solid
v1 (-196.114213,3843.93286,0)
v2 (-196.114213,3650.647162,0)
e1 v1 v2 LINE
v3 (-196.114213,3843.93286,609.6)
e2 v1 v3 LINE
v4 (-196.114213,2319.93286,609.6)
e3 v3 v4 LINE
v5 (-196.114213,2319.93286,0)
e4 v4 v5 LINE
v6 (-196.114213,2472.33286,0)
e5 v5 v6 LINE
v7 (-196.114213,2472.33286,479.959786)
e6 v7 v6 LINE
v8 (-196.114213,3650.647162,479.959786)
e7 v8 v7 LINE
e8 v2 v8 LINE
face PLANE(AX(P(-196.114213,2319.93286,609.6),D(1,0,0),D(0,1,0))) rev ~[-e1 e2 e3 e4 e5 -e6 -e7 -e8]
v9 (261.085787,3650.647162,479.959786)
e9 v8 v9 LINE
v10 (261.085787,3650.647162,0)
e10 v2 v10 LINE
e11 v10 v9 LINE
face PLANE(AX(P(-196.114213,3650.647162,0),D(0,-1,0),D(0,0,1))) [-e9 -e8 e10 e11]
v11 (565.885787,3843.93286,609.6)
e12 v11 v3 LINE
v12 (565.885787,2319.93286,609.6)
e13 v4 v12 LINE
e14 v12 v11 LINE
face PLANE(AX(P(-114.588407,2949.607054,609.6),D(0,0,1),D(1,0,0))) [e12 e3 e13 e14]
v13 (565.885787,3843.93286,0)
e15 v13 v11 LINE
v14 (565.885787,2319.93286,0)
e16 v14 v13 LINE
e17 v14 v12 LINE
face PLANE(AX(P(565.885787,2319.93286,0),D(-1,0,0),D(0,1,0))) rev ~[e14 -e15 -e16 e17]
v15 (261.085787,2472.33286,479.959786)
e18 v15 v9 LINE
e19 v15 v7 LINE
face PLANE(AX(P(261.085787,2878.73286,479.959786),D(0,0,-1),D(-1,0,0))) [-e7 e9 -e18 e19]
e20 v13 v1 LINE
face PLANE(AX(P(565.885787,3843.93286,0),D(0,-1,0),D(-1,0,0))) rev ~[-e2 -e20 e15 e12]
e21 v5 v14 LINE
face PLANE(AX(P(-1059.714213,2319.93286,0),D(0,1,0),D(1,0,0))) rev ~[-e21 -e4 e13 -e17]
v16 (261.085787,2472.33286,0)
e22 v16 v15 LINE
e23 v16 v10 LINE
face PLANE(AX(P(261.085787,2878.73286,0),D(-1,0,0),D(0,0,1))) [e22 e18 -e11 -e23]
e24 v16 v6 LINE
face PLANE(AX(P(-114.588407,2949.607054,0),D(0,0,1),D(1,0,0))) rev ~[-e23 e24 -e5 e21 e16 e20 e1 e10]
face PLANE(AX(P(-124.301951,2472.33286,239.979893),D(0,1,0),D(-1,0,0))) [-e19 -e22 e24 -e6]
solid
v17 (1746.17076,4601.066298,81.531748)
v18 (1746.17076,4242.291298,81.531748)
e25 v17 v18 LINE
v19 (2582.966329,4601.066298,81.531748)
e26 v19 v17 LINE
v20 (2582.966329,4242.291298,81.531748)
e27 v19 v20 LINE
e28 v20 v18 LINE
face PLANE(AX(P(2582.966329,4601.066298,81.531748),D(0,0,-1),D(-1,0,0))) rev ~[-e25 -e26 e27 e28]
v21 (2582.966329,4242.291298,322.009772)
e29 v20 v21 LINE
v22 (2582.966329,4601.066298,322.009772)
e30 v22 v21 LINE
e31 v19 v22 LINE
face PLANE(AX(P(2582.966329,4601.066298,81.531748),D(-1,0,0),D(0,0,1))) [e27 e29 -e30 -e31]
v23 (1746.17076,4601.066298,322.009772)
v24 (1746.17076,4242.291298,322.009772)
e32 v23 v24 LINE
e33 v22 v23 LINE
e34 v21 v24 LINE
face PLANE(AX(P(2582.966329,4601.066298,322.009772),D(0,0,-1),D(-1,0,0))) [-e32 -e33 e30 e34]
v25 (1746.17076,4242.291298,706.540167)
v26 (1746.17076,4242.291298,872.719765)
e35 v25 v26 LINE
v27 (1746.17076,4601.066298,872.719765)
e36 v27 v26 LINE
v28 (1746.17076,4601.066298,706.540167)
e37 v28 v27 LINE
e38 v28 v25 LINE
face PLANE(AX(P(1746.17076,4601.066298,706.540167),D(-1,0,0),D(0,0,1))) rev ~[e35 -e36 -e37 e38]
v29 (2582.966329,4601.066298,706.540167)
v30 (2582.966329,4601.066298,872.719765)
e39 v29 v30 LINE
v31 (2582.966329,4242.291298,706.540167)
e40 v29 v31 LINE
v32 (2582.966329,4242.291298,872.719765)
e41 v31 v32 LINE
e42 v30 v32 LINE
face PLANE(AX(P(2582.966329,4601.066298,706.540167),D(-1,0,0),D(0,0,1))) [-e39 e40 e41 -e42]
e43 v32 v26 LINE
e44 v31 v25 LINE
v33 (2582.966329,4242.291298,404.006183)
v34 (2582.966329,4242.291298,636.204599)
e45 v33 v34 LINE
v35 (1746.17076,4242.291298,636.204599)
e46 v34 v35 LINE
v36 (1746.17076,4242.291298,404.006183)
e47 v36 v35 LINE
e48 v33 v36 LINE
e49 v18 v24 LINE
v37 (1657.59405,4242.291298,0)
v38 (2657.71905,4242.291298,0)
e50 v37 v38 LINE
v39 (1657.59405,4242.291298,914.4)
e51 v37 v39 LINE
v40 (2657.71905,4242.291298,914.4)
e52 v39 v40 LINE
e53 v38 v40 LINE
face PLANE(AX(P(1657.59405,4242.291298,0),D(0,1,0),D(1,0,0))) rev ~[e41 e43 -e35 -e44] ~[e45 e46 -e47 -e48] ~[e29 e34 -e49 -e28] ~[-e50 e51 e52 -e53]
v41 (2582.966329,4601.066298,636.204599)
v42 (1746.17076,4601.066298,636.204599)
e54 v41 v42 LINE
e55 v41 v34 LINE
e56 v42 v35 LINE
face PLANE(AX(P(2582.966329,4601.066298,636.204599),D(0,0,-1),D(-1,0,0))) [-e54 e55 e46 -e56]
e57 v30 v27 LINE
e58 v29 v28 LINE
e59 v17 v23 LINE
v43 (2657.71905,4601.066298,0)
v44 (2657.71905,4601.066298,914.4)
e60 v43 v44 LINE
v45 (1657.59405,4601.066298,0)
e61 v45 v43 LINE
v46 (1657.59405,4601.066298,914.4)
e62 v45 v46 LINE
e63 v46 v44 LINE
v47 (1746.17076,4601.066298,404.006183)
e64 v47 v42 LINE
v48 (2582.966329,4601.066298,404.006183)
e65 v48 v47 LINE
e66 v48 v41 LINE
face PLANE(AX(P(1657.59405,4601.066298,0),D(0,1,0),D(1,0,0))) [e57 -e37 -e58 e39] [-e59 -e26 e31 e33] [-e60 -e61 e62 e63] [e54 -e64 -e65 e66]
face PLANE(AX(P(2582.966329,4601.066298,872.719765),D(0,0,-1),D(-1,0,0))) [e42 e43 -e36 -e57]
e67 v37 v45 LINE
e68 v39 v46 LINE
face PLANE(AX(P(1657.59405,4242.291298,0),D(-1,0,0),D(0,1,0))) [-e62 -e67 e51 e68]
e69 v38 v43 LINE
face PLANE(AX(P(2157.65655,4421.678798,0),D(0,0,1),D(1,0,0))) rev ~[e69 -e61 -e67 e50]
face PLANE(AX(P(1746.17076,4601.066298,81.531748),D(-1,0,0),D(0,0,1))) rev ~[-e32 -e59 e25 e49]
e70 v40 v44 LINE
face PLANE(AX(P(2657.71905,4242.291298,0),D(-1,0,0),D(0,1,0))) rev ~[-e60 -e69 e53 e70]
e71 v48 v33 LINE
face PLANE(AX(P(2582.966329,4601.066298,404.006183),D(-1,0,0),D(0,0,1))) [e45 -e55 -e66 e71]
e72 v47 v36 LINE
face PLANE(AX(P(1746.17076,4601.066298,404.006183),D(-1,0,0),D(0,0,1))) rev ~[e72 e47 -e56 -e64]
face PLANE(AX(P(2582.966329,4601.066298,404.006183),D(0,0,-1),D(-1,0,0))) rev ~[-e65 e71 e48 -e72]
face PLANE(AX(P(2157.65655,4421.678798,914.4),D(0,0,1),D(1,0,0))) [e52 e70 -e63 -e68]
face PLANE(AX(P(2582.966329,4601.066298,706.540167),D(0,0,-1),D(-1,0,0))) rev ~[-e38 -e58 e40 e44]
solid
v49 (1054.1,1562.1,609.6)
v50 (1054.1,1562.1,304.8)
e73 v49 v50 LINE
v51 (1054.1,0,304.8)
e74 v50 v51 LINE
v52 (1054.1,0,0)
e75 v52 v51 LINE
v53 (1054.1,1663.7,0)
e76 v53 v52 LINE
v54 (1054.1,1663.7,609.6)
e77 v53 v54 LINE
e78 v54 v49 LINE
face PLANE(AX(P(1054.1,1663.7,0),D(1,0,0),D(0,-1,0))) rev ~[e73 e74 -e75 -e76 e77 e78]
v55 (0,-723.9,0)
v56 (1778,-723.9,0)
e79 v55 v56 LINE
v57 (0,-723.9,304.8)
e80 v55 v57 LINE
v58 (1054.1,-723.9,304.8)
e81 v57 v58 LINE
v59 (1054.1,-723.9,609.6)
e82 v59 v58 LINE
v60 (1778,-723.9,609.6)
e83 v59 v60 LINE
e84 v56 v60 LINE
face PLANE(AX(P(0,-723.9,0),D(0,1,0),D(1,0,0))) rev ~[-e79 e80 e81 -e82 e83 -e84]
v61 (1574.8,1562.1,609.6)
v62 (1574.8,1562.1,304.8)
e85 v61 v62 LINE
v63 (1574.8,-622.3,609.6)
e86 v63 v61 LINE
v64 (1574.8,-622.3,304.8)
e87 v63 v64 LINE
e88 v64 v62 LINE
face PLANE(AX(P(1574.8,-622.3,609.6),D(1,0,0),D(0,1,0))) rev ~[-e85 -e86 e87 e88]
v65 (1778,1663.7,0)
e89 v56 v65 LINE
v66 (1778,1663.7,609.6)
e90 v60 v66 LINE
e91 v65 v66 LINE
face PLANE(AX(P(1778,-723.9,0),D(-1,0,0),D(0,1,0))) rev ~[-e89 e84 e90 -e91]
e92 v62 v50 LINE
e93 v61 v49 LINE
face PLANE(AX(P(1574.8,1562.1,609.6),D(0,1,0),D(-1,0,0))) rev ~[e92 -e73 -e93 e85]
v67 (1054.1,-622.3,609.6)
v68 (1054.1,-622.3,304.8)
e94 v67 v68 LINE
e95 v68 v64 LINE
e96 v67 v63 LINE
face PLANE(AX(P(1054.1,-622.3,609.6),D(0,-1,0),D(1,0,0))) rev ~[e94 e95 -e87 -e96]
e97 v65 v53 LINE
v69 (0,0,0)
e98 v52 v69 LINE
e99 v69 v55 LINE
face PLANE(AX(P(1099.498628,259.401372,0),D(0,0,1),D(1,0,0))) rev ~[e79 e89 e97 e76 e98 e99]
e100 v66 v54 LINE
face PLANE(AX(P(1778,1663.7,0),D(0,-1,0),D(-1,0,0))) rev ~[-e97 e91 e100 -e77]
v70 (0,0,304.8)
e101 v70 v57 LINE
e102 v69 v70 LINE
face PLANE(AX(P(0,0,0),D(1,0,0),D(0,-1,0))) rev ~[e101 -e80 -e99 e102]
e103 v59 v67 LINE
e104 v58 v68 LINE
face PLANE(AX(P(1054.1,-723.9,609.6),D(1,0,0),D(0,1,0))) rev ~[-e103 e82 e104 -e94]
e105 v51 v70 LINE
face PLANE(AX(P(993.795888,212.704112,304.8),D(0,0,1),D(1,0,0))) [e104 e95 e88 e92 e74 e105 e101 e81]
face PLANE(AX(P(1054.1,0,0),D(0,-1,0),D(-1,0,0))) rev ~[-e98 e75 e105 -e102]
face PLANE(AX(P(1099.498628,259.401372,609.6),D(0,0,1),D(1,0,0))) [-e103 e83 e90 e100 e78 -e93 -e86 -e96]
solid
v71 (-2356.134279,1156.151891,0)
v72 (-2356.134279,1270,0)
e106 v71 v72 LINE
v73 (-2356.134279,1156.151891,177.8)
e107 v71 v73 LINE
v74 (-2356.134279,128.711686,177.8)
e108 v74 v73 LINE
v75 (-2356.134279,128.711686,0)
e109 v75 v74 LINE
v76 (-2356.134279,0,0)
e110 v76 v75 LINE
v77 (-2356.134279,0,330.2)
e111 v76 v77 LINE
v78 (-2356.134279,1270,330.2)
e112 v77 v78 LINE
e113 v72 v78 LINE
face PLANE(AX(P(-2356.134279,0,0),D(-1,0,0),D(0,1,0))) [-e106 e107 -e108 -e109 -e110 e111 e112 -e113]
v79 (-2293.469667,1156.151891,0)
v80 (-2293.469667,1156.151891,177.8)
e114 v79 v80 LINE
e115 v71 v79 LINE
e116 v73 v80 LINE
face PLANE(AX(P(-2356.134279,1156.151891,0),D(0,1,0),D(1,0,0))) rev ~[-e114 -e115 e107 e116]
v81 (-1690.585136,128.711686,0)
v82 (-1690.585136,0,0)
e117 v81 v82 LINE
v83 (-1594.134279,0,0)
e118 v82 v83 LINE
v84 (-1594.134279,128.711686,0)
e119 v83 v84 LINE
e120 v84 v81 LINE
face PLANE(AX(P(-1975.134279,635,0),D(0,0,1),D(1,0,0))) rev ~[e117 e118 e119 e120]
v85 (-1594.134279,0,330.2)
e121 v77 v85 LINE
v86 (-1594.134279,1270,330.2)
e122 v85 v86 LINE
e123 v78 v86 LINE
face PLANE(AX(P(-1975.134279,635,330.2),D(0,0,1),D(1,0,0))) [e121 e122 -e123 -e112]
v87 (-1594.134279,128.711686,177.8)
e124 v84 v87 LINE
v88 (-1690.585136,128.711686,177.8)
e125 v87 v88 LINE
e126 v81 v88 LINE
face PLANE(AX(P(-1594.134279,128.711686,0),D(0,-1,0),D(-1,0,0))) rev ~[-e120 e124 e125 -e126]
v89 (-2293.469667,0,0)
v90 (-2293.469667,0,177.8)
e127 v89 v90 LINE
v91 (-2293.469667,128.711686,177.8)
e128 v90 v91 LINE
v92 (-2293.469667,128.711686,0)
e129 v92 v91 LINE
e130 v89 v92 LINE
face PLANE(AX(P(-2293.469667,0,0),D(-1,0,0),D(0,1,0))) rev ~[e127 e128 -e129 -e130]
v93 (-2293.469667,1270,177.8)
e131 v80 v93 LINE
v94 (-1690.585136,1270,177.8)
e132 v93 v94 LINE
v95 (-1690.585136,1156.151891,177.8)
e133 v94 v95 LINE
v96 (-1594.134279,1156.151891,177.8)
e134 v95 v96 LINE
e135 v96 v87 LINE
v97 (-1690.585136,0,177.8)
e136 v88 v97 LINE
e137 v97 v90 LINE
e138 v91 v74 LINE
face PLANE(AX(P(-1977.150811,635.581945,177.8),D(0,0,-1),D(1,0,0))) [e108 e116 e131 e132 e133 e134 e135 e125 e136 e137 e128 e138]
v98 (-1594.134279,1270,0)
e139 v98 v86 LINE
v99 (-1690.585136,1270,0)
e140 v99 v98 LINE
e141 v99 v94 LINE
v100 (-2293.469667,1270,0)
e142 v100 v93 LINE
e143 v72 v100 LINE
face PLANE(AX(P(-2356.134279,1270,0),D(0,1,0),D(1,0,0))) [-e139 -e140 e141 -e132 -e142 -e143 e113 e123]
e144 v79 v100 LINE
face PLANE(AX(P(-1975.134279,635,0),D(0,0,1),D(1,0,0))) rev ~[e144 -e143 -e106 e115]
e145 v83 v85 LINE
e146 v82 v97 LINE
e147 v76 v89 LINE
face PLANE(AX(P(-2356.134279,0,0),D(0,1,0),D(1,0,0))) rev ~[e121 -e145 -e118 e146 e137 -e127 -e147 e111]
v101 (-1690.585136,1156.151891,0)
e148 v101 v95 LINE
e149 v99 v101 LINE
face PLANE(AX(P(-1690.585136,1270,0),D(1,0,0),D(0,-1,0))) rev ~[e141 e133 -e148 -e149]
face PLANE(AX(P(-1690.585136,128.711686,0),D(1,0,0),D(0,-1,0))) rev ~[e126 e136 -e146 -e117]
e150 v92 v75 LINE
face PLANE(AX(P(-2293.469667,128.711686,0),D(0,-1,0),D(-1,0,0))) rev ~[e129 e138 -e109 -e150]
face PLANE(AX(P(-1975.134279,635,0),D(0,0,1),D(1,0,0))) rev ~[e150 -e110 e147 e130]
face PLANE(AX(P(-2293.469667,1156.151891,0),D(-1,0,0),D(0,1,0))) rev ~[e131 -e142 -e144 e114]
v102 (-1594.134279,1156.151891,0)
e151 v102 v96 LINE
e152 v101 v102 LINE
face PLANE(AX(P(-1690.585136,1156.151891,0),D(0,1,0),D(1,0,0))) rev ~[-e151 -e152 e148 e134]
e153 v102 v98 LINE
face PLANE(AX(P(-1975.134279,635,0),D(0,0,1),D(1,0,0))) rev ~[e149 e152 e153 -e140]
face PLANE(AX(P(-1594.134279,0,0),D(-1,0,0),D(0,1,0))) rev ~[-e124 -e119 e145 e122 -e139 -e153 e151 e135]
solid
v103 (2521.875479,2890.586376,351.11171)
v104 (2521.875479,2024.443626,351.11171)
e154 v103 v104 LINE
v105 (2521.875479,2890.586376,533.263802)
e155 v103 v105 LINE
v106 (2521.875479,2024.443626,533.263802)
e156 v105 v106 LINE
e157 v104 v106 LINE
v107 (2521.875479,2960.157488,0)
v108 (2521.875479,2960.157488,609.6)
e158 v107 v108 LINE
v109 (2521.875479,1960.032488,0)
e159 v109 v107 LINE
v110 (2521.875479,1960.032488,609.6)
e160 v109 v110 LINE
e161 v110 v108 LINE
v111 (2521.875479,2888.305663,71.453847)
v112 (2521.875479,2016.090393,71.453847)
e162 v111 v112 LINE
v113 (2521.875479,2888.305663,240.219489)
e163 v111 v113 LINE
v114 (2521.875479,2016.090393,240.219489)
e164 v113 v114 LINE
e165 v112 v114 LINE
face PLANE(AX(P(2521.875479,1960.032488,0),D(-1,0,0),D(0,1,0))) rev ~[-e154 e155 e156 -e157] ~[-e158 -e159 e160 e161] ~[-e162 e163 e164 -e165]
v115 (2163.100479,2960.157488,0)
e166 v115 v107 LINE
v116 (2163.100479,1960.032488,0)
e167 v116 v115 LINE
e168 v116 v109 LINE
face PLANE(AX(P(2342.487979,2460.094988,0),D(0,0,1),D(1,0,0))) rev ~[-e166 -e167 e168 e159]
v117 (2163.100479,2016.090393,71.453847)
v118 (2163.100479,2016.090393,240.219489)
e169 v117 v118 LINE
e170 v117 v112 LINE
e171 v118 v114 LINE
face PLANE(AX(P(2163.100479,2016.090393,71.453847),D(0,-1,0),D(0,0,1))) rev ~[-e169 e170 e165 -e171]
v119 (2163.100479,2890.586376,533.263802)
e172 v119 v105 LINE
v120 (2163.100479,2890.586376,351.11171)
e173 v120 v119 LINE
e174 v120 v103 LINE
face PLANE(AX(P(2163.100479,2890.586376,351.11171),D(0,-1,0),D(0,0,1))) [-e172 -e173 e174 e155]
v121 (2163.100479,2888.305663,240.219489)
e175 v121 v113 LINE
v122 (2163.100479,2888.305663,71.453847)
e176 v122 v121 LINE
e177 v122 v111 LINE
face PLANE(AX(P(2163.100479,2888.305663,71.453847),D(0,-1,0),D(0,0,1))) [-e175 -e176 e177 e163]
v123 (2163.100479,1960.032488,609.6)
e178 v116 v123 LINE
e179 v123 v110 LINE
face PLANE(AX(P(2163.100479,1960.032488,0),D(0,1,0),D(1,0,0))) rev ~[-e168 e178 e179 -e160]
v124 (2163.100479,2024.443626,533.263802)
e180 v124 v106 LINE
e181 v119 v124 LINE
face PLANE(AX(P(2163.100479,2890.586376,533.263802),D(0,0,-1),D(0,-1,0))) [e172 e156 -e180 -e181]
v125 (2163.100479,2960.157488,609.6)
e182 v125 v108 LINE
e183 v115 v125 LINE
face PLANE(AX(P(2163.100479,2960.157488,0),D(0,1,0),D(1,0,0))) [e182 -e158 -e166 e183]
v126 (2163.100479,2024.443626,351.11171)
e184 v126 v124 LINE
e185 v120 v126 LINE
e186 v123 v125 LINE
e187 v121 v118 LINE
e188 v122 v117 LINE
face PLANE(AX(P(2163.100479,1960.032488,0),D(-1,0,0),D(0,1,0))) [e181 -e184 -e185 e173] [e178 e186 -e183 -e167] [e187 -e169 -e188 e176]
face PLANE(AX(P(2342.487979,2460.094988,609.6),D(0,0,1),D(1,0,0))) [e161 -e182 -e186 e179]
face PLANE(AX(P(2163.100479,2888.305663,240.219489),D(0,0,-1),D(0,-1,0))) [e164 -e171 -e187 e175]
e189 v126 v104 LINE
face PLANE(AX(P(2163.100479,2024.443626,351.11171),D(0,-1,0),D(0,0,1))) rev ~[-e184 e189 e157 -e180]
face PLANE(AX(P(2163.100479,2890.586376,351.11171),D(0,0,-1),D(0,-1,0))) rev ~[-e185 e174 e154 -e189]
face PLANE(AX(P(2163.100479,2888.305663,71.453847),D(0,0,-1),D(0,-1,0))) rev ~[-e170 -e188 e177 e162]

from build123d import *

# Parameters (mm, degrees)
F1_DEPTH  = 609.6
F3_DEPTH  = 304.8
F4_W      = 762
F4_H      = 1270
F5_DEPTH  = 330.2
F7_DEPTH  = 177.8
F9_DEPTH  = 609.6
F10_W     = 771.914303
F10_H     = 479.959786
F11_DEPTH = 457.2
F12_W     = 770.775476
F12_H     = 479.959786
F13_DEPTH = 406.4
F14_W     = 1000.125
F14_H     = 358.775
F15_DEPTH = 914.4
F16_W     = 836.795569
F16_H     = 240.478024
F16_H_2   = 232.198417
F16_H_3   = 166.179598
F17_DEPTH = 381
F18_W     = 358.775
F18_H     = 1000.125
F19_DEPTH = 609.6
F20_W     = 866.14275
F20_H     = 182.152093
F20_W_2   = 872.215271
F20_H_2   = 168.765642
F21_DEPTH = 381
F22_W     = 863.6
F22_H     = 558.8
F23_DEPTH = 609.601


with BuildPart() as f1:
    # F0 (on Top) → F1 (new body)
    with BuildSketch(Plane.XY):
        Polygon((1054.1, 0), (0, 0), (0, -723.9), (1778, -723.9), (1778, 1663.7), (1054.1, 1663.7), align=None)
    extrude(amount=F1_DEPTH)

    # F2 (on face) → F3 (cut)
    with BuildSketch(Plane.XY.offset(609.6)):
        Polygon((0, -723.9), (1054.1, -723.9), (1054.1, -622.3), (1574.8, -622.3), (1574.8, 1562.1), (1054.1, 1562.1), (1054.1, 0), (0, 0), align=None)
    extrude(amount=-F3_DEPTH, mode=Mode.SUBTRACT)


with BuildPart() as f5:
    # F4 (on Top) → F5 (new body)
    with BuildSketch(Plane.XY):
        with Locations((-1975.134279, 635)):
            Rectangle(F4_W, F4_H)
    extrude(amount=F5_DEPTH)

    # F6 (on face) → F7 (cut)
    with BuildSketch(Plane(origin=(0, 0, 0), x_dir=(1, 0, 0), z_dir=(0, 0, -1))):
        Polygon((-1594.134279, -1156.151891), (-1594.134279, -128.711686), (-1690.585136, -128.711686), (-1690.585136, 0), (-2293.469667, 0), (-2293.469667, -128.711686), (-2356.134279, -128.711686), (-2356.134279, -1156.151891), (-2293.469667, -1156.151891), (-2293.469667, -1270), (-1690.585136, -1270), (-1690.585136, -1156.151891), align=None)
    extrude(amount=-F7_DEPTH, mode=Mode.SUBTRACT)


with BuildPart() as f9:
    # F8 (on Top) → F9 (new body)
    with BuildSketch(Plane.XY):
        Polygon((-1059.714213, 2319.93286), (565.885787, 2319.93286), (565.885787, 3843.93286), (-196.114213, 3843.93286), (-196.114213, 2878.73286), (-1059.714213, 2878.73286), align=None)
    extrude(amount=F9_DEPTH)

    # F10 (on face) → F11 (cut)
    with BuildSketch(Plane(origin=(-196.114213, 0, 0), x_dir=(0, -1, 0), z_dir=(-1, 0, 0))):
        with Locations((-3264.690011, 239.979893)):
            Rectangle(F10_W, F10_H)
    extrude(amount=-F11_DEPTH, mode=Mode.SUBTRACT)

    # F12 (on face) → F13 (cut)
    with BuildSketch(Plane(origin=(0, 2878.73286, 0), x_dir=(-1, 0, 0), z_dir=(0, 1, 0))):
        with Locations((124.301951, 239.979893)):
            Rectangle(F12_W, F12_H)
    extrude(amount=-F13_DEPTH, mode=Mode.SUBTRACT)

    # F22 (on face) → F23 (cut, through all)
    with BuildSketch(Plane.XY.offset(609.6)):
        with Locations((-627.914213, 2599.33286)):
            Rectangle(F22_W, F22_H)
    extrude(amount=-F23_DEPTH, mode=Mode.SUBTRACT)


with BuildPart() as f15:
    # F14 (on Top) → F15 (new body)
    with BuildSketch(Plane.XY):
        with Locations((2157.65655, 4421.678798)):
            Rectangle(F14_W, F14_H)
    extrude(amount=F15_DEPTH)

    # F16 (on face) → F17 (cut)
    with BuildSketch(Plane(origin=(0, 4601.066298, 0), x_dir=(-1, 0, 0), z_dir=(0, 1, 0))):
        with Locations((-2164.568544, 201.77076)):
            Rectangle(F16_W, F16_H)
        with Locations((-2164.568544, 520.105391)):
            Rectangle(F16_W, F16_H_2)
        with Locations((-2164.568544, 789.629966)):
            Rectangle(F16_W, F16_H_3)
    extrude(amount=-F17_DEPTH, mode=Mode.SUBTRACT)


with BuildPart() as f19:
    # F18 (on Top) → F19 (new body)
    with BuildSketch(Plane.XY):
        with Locations((2342.487979, 2460.094988)):
            Rectangle(F18_W, F18_H)
    extrude(amount=F19_DEPTH)

    # F20 (on face) → F21 (cut)
    with BuildSketch(Plane(origin=(2163.100479, 0, 0), x_dir=(0, -1, 0), z_dir=(-1, 0, 0))):
        with Locations((-2457.515001, 442.187756)):
            Rectangle(F20_W, F20_H)
        with Locations((-2452.198028, 155.836668)):
            Rectangle(F20_W_2, F20_H_2)
    extrude(amount=-F21_DEPTH, mode=Mode.SUBTRACT)


solid = Compound([f1.part, f5.part, f9.part, f15.part, f19.part])
